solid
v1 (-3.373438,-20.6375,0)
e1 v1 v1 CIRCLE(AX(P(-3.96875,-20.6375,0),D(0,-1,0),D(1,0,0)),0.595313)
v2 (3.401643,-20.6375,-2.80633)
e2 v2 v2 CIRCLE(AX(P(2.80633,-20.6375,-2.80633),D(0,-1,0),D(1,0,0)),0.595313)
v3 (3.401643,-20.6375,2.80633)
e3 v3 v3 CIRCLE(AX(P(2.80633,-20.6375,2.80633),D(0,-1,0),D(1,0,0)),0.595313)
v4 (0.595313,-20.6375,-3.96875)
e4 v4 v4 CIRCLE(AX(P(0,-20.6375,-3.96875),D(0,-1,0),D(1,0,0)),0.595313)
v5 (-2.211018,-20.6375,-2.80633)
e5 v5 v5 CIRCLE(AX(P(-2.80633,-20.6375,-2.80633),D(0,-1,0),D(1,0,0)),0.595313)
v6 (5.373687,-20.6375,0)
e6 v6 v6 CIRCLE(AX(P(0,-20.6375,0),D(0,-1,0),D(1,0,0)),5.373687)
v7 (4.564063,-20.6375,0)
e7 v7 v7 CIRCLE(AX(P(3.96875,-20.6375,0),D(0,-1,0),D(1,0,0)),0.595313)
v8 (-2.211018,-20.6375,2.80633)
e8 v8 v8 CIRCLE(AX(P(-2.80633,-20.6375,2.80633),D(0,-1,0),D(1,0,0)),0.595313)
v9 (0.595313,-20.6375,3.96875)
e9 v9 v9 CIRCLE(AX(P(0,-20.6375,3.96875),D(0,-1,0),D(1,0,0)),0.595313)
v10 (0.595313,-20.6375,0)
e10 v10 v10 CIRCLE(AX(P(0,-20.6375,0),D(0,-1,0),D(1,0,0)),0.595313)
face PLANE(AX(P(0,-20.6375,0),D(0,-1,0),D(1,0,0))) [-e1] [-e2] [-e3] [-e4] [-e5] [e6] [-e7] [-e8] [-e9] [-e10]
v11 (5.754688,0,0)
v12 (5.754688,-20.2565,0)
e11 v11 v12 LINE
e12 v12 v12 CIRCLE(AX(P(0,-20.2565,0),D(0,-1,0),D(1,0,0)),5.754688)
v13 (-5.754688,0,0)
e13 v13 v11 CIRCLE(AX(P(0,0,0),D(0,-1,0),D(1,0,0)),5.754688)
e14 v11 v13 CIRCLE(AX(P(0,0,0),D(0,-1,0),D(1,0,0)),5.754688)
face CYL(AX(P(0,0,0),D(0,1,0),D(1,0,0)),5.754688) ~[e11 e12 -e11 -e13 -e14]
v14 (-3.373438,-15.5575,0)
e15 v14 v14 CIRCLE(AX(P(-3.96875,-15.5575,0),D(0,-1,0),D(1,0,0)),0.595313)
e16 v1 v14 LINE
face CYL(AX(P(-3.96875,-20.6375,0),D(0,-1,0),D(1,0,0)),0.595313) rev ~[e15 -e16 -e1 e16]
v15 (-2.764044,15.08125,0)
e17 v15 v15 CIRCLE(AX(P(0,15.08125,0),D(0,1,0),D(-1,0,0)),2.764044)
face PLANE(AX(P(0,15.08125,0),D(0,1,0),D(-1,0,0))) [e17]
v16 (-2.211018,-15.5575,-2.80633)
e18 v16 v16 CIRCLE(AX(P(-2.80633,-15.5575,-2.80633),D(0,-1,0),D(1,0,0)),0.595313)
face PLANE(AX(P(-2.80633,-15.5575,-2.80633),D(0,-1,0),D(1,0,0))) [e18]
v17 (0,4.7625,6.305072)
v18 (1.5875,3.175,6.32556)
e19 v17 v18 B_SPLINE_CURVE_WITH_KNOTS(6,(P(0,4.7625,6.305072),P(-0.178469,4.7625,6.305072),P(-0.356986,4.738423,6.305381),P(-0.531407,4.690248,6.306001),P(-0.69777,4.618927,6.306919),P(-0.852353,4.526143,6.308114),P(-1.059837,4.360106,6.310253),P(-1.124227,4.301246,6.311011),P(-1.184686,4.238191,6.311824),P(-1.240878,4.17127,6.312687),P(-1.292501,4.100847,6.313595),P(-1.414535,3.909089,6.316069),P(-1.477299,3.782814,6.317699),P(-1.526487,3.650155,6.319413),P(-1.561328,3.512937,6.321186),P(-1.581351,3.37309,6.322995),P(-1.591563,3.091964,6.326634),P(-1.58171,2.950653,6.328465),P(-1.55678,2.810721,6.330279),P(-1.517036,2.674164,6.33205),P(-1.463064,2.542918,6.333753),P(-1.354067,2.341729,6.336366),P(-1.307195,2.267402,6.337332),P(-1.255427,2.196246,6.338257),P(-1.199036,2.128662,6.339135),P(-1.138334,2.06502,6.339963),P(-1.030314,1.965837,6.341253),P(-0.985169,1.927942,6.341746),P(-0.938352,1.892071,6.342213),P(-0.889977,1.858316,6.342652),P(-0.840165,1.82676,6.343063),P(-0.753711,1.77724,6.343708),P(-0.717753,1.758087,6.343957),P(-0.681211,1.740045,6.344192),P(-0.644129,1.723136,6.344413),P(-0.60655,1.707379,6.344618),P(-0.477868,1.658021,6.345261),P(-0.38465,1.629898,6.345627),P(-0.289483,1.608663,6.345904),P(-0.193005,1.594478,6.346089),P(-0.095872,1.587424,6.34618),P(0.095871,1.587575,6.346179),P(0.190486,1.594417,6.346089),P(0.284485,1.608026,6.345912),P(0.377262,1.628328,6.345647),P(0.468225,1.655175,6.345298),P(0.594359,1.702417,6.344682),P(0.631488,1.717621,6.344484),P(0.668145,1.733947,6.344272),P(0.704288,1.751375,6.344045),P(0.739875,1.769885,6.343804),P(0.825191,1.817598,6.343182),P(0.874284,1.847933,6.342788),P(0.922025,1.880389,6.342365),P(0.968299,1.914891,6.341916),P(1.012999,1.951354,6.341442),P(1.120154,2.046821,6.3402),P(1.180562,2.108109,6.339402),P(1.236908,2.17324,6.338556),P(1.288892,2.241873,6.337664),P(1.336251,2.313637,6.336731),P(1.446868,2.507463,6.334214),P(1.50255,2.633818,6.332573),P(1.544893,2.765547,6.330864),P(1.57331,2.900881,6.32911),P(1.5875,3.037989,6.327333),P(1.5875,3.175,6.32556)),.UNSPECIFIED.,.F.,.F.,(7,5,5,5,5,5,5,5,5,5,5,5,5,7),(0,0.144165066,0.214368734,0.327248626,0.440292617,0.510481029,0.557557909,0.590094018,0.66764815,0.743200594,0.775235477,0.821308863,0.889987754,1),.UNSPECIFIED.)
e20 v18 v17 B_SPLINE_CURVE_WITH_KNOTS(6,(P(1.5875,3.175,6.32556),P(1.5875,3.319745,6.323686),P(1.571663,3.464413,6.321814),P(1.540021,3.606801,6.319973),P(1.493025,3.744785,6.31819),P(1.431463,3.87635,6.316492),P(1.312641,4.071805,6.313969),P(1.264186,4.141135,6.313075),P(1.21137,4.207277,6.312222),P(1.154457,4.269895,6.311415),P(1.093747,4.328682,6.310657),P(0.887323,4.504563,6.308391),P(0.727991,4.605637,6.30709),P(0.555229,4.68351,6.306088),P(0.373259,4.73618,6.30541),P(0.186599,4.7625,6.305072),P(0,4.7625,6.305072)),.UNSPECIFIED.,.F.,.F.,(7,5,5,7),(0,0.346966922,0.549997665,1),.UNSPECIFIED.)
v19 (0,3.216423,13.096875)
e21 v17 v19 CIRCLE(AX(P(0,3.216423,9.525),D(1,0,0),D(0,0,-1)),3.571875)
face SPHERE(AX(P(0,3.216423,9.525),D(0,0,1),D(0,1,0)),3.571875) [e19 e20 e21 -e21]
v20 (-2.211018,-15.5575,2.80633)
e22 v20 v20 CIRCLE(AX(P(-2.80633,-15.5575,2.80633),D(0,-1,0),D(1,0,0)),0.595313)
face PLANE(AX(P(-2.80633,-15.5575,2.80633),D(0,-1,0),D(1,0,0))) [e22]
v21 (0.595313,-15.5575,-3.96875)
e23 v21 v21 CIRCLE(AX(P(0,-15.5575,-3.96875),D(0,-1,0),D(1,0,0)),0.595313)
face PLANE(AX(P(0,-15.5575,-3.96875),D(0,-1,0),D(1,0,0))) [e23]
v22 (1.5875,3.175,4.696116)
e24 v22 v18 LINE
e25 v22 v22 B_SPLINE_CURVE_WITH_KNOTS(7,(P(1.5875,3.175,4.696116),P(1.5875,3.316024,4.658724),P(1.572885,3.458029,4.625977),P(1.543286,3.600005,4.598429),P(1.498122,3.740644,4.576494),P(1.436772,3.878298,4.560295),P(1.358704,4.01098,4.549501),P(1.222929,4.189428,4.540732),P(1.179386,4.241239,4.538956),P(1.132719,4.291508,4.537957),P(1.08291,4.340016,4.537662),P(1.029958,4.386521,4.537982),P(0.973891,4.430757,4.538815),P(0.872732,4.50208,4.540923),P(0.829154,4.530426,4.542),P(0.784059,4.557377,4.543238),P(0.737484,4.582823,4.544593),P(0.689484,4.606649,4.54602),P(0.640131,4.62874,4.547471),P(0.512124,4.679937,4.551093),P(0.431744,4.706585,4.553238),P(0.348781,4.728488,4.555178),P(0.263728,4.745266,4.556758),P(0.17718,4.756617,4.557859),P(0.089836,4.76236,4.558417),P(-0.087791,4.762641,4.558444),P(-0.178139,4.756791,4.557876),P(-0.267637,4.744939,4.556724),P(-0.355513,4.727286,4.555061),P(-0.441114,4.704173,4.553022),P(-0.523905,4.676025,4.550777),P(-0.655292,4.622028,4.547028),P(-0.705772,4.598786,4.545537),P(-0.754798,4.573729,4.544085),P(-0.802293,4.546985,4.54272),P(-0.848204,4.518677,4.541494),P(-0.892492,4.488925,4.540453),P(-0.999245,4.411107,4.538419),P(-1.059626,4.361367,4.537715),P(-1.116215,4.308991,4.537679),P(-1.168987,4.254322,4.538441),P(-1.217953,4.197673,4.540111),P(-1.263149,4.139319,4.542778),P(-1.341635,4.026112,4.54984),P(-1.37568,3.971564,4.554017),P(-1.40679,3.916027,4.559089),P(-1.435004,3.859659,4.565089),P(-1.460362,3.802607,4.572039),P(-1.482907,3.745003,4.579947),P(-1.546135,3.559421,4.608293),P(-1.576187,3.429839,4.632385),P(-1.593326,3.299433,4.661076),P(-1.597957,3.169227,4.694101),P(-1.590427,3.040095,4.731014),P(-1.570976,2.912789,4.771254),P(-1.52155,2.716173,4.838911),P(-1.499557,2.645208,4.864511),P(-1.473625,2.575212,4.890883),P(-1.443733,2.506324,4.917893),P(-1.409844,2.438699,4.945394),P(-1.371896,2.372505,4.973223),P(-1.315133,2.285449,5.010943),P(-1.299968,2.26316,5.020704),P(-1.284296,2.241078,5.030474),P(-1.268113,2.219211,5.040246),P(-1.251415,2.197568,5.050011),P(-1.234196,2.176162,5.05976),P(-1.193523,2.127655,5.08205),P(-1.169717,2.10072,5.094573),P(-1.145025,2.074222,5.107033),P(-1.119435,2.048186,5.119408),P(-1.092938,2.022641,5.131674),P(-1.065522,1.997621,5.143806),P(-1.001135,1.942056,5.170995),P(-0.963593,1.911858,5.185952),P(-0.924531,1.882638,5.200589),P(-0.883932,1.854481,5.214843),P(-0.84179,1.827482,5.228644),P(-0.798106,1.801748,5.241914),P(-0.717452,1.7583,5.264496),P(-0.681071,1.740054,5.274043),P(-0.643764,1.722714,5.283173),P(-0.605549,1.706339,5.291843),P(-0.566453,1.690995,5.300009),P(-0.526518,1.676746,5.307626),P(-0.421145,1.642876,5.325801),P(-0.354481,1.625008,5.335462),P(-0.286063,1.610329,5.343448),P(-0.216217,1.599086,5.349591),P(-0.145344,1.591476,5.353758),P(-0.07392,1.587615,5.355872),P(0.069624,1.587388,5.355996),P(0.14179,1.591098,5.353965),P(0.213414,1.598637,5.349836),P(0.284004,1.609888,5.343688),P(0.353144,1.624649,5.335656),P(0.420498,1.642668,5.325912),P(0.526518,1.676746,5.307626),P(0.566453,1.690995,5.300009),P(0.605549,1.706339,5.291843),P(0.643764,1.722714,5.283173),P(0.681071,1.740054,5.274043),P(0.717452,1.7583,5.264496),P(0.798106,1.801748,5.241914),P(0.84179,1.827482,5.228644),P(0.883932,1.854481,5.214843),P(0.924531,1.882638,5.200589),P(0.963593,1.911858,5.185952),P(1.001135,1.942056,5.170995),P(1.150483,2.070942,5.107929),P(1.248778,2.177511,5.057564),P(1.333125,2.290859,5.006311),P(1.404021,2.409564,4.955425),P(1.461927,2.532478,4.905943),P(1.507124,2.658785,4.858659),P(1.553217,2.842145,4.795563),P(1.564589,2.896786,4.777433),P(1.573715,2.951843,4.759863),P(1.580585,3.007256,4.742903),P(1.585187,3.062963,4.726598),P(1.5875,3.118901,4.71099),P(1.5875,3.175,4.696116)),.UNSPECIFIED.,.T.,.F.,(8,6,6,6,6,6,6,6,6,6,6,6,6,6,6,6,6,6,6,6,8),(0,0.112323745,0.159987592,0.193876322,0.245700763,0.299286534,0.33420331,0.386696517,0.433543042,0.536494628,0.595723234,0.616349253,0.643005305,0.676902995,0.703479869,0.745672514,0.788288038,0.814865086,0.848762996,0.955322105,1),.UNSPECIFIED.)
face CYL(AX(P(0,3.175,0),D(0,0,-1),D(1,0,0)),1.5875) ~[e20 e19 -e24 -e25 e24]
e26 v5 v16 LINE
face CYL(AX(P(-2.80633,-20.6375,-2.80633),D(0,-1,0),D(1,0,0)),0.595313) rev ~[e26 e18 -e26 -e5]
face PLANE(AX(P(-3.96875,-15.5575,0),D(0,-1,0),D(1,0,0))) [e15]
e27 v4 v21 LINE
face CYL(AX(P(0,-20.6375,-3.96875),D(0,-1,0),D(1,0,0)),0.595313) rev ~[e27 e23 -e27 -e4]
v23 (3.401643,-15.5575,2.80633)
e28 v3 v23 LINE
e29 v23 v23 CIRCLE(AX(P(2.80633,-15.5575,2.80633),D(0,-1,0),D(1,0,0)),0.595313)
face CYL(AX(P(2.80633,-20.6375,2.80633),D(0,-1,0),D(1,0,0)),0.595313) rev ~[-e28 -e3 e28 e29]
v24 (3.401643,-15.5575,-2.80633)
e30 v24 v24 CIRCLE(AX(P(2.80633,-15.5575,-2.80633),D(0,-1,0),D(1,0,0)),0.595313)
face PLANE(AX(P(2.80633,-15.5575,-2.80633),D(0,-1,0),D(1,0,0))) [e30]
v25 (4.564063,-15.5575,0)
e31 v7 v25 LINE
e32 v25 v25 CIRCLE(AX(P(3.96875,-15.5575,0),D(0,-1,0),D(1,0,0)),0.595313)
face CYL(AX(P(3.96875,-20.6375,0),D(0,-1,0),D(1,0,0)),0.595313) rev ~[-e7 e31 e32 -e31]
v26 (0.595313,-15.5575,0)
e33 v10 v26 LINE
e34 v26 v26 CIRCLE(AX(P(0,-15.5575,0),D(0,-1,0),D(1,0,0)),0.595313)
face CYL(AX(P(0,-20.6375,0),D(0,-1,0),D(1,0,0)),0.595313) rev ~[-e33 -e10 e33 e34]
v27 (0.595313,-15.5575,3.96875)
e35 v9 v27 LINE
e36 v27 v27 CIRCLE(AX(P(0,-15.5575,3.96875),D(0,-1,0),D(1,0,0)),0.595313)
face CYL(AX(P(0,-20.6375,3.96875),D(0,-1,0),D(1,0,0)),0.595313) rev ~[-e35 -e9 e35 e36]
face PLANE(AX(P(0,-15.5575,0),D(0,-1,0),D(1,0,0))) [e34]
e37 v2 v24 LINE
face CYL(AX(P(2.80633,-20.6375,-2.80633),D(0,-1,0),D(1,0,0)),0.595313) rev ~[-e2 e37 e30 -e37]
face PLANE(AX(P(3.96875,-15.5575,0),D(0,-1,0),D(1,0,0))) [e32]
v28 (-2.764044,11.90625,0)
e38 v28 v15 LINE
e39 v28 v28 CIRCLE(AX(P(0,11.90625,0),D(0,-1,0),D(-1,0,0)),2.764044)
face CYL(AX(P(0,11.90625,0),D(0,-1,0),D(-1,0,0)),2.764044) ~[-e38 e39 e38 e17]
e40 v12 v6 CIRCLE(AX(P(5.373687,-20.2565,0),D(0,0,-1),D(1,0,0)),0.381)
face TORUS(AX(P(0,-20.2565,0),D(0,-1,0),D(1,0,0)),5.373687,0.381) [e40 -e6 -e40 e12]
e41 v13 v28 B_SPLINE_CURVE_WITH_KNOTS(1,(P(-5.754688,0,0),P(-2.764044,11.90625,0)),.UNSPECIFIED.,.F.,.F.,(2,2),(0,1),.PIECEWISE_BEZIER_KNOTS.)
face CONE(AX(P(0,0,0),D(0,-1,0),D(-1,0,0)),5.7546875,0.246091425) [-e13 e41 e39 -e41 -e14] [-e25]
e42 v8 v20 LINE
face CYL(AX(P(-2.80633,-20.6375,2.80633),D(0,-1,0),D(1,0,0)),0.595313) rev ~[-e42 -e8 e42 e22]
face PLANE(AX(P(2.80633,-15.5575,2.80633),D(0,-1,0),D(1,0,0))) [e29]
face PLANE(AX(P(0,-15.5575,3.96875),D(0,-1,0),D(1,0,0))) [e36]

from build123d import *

# Parameters (mm, degrees)
F0_R      = 5.7546875
F1_DEPTH  = 20.6375
F2_R      = 5.7546875
F3_DEPTH  = 11.90625
F3_TAPER  = 14.1
F4_R      = 2.7640442106
F5_DEPTH  = 3.175
F6_R      = 0.5953125
F7_DEPTH  = 5.08
F8_R      = 0.381
F9_R      = 1.5875
F10_DEPTH = 9.525


with BuildPart() as f1:
    # F0 (on Front) → F1 (new body)
    with BuildSketch(Plane.XZ):
        Circle(F0_R)
    extrude(amount=F1_DEPTH)

    # F2 (on face) → F3 (join)
    with BuildSketch(Plane(origin=(0, 0, 0), x_dir=(-1, 0, 0), z_dir=(0, 1, 0))):
        Circle(F2_R)
    extrude(amount=F3_DEPTH, taper=F3_TAPER)

    # F4 (on face) → F5 (join)
    with BuildSketch(Plane(origin=(0, 11.90625, 0), x_dir=(-1, 0, 0), z_dir=(0, 1, 0))):
        Circle(F4_R)
    extrude(amount=F5_DEPTH)

    # F6 (on face) → F7 (cut)
    with BuildSketch(Plane.XZ.offset(20.6375)):
        Circle(F6_R)
        with Locations((0, 3.96875)):
            Circle(F6_R)
        with Locations((-2.8063300378, 2.8063300378)):
            Circle(F6_R)
        with Locations((-3.96875, 0)):
            Circle(F6_R)
        with Locations((-2.8063300378, -2.8063300378)):
            Circle(F6_R)
        with Locations((0, -3.96875)):
            Circle(F6_R)
        with Locations((2.8063300378, -2.8063300378)):
            Circle(F6_R)
        with Locations((3.96875, 0)):
            Circle(F6_R)
        with Locations((2.8063300378, 2.8063300378)):
            Circle(F6_R)
    extrude(amount=-F7_DEPTH, mode=Mode.SUBTRACT)

    # F8
    f8_edges = [f1.edges().sort_by_distance(p)[0] for p in [
        (-5.754687, -20.6375, 0),
    ]]
    fillet(f8_edges, radius=F8_R)

    # F9 (on Top) → F10 (join)
    with BuildSketch(Plane.XY):
        with Locations((0, 3.175)):
            Circle(F9_R)
    extrude(amount=F10_DEPTH)

    # F11 (on Right) → F12 (revolve)
    with BuildSketch(Plane.YZ):
        with BuildLine():
            Line((3.2164233271, 13.096875), (3.2164233271, 5.953125))
            ThreePointArc((3.2164233271, 5.953125), (6.7882983271, 9.525), (3.2164233271, 13.096875))
        make_face()
    revolve(axis=Axis((0, 3.2164233271, 9.525), (0, 0, 1)))


solid = f1.part
